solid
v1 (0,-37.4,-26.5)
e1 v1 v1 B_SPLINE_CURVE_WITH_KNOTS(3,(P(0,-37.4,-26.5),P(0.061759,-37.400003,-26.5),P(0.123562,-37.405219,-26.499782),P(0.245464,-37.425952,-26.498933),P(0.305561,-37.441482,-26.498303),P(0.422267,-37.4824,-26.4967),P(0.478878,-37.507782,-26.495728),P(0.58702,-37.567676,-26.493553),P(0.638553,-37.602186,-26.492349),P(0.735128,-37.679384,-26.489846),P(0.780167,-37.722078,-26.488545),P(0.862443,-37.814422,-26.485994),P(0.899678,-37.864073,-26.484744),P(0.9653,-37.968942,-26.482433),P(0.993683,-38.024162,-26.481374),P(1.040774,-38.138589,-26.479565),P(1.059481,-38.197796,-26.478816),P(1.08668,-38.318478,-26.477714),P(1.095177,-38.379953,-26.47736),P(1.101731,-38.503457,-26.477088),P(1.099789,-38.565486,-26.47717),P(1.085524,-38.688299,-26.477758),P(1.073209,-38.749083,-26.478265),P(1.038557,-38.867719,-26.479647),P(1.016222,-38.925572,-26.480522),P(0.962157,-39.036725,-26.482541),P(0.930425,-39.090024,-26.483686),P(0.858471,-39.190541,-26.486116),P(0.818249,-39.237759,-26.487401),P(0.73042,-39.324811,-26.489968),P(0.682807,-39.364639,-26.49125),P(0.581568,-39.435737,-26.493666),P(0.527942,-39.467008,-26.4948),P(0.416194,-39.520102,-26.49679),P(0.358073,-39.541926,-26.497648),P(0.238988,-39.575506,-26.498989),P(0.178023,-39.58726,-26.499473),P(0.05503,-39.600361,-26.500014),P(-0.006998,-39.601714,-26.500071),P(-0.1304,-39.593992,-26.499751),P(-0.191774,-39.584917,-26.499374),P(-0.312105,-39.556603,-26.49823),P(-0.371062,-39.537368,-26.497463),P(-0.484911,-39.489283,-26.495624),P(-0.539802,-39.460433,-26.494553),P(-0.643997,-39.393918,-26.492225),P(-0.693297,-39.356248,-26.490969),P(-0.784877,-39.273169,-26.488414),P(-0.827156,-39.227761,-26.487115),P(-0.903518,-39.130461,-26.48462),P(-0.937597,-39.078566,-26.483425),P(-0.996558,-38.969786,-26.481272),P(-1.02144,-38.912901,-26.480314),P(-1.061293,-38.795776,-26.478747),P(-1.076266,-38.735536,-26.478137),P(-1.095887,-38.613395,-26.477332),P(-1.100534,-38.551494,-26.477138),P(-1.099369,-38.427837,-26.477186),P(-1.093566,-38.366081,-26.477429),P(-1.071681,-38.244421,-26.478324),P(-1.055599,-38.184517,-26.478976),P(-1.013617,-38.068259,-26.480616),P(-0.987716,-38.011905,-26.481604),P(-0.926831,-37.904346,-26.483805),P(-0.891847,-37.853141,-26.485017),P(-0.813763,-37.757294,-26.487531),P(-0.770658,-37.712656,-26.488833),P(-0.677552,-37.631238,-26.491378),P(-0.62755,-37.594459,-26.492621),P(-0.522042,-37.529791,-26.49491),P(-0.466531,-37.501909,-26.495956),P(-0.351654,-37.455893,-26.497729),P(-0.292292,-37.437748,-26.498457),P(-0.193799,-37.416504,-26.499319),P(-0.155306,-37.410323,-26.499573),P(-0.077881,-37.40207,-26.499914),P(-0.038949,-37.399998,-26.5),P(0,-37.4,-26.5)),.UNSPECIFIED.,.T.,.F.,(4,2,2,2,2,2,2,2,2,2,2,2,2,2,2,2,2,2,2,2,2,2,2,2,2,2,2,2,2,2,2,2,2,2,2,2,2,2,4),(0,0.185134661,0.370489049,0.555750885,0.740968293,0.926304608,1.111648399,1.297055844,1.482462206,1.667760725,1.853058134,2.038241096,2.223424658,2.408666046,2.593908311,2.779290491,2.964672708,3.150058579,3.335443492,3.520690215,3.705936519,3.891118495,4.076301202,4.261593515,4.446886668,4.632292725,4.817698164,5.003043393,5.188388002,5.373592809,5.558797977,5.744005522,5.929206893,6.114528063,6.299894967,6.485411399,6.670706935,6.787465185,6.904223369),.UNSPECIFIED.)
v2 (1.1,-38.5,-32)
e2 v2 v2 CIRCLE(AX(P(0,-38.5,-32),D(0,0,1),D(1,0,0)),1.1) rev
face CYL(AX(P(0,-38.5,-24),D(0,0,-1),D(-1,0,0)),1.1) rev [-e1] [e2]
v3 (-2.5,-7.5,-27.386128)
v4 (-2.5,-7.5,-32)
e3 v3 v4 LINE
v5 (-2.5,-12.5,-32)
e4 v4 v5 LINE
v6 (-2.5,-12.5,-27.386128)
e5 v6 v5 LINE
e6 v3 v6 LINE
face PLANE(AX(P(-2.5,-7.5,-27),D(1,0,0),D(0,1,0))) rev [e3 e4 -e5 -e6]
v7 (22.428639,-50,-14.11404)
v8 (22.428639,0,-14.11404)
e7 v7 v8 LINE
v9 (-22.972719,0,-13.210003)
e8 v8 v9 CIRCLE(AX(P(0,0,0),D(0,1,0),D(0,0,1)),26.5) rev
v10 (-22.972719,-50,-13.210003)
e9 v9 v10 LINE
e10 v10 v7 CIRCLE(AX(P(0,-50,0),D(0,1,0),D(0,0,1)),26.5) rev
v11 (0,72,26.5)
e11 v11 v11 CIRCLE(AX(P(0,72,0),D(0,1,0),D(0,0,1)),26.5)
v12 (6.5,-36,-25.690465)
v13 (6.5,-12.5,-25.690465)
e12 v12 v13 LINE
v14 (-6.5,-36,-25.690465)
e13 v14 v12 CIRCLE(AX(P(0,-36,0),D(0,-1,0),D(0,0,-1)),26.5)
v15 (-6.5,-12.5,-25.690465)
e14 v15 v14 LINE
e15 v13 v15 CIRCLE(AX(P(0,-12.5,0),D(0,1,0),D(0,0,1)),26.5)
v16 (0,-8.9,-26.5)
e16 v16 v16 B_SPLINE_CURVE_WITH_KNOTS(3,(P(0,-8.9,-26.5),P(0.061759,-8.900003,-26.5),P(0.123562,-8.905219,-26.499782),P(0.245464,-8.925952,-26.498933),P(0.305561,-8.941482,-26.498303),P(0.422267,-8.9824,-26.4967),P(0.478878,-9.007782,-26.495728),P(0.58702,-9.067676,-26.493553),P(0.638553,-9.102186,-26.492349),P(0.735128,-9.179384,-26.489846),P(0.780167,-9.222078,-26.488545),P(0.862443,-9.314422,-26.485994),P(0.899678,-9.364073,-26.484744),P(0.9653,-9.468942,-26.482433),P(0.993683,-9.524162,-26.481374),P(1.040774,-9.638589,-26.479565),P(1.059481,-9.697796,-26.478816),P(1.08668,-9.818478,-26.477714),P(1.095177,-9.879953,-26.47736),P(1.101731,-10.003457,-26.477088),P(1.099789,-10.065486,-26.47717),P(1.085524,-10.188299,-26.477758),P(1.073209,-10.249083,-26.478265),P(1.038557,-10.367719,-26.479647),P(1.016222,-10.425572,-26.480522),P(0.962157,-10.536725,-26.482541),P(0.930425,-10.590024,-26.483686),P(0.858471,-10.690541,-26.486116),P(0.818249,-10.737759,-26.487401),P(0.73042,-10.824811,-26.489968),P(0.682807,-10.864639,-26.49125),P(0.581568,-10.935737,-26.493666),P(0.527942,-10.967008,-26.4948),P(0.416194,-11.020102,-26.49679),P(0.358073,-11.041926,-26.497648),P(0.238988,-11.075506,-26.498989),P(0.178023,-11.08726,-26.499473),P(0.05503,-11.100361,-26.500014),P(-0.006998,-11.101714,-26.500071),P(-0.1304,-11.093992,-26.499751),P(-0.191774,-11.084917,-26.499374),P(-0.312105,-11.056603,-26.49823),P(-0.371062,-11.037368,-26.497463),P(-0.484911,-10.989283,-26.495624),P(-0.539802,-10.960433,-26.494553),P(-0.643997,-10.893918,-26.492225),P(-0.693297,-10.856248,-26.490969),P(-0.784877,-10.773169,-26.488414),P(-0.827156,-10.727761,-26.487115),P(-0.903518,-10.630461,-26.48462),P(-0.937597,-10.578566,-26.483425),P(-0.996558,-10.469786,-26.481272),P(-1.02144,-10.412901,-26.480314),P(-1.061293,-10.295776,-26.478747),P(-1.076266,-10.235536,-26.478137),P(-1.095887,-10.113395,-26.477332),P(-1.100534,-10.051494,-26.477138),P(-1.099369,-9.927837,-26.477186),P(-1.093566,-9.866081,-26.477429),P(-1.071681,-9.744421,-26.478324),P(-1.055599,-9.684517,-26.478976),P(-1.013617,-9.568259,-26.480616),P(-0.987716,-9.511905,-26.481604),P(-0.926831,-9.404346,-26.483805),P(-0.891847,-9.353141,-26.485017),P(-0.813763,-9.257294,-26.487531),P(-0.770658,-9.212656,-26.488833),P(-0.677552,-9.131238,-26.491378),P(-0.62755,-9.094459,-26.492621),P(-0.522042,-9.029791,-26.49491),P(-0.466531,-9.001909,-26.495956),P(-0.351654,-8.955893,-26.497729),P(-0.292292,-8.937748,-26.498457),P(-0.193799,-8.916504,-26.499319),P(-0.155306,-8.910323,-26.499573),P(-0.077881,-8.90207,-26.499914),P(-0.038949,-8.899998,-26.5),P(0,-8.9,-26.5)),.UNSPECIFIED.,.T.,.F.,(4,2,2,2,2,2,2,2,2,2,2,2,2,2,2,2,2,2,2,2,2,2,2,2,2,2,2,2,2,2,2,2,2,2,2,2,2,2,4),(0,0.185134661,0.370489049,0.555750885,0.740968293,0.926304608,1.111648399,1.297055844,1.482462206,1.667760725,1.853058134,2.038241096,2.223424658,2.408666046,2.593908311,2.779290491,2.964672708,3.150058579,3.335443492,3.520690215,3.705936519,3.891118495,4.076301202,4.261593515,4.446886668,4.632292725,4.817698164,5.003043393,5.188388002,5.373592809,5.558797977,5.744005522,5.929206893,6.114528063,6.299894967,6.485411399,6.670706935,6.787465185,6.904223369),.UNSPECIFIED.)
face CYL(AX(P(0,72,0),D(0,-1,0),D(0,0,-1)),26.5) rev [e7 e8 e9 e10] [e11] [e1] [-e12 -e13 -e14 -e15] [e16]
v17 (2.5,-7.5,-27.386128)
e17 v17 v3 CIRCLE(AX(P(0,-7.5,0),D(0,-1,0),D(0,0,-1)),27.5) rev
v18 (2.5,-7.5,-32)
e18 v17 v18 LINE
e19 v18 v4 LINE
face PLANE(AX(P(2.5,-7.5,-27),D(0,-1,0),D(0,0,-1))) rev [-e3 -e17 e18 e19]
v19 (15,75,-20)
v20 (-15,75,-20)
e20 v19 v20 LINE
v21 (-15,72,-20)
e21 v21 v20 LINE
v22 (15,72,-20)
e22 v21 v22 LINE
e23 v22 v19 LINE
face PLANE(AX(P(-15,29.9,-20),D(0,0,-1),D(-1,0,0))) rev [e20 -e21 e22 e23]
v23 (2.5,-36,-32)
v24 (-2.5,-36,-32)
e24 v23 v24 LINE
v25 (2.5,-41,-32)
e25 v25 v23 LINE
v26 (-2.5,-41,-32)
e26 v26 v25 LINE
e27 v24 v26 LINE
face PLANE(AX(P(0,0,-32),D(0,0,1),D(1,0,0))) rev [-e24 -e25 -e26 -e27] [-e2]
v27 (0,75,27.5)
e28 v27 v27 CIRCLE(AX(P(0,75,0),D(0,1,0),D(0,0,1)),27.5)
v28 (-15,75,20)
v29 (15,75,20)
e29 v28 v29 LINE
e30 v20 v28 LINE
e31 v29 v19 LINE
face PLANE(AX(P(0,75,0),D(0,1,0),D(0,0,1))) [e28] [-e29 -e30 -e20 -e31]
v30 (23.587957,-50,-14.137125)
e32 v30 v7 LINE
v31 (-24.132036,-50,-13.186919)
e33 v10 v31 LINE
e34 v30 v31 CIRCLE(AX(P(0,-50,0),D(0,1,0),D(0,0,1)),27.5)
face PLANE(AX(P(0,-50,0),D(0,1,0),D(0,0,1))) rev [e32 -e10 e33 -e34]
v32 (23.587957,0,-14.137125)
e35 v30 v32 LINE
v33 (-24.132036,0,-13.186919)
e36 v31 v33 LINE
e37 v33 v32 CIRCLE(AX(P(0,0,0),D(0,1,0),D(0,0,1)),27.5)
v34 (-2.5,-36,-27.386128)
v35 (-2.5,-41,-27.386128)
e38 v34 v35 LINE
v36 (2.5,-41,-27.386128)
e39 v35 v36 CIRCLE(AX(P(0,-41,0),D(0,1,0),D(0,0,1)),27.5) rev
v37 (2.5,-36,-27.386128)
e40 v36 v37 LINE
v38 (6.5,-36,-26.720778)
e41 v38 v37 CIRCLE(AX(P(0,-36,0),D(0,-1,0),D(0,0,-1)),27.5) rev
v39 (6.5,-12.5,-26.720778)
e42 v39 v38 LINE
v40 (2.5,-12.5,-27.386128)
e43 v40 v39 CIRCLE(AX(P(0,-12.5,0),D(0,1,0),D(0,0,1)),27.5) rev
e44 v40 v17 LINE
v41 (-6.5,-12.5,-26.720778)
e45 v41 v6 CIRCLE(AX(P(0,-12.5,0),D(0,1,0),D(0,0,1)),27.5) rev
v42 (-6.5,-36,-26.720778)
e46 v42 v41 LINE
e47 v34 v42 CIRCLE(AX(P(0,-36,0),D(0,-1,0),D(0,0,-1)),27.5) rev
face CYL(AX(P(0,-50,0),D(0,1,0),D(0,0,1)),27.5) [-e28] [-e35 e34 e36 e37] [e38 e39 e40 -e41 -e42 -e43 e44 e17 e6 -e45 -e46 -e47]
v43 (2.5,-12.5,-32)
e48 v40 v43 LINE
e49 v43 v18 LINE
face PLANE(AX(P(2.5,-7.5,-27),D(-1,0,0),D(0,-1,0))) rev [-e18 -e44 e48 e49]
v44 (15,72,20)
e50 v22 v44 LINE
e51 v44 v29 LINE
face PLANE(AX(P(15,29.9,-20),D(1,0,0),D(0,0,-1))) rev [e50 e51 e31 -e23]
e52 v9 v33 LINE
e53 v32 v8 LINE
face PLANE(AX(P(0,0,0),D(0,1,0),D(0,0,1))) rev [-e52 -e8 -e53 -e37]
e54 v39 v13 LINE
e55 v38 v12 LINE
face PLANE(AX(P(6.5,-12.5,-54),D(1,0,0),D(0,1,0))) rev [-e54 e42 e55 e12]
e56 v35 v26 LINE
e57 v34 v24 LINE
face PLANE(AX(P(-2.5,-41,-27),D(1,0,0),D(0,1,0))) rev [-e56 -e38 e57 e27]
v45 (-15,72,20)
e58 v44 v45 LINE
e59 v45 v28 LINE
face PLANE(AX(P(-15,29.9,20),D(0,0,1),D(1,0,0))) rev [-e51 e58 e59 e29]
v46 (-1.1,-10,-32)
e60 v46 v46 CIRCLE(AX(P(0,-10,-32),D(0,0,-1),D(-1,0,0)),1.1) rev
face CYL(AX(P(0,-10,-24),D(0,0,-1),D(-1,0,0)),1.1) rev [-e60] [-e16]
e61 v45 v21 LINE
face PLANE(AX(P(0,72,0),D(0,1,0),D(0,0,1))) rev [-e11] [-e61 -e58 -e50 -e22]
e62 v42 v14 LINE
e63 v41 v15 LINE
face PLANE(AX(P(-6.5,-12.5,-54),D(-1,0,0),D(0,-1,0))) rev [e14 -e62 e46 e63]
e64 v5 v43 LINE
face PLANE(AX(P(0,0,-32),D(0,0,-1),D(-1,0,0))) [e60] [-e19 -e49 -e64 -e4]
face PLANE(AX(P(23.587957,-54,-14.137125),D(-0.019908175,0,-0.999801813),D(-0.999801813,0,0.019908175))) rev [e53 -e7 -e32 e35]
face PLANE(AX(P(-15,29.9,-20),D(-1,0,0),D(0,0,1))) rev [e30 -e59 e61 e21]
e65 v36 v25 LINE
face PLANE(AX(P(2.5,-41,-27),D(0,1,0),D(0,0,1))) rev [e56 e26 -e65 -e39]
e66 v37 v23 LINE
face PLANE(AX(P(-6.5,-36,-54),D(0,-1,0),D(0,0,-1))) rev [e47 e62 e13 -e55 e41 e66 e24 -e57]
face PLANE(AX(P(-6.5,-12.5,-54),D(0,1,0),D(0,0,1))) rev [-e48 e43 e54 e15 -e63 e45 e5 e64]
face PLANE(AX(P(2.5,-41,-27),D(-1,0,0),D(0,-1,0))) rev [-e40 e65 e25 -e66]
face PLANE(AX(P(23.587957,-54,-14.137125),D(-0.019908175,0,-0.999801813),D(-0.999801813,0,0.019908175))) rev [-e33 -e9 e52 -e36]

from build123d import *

# Parameters (mm, degrees)
EXTRUDE_1_DEPTH           = 75
EXTRUDE_1_DEPTH_BACK      = 50
SKETCH_1_R                = 27.5
SKETCH_10_W               = 30
SKETCH_10_H               = 40
CUT_EXTRUDE_8_DEPTH       = 45.1
CUT_EXTRUDE_9_DEPTH       = 10
CUT_EXTRUDE_9_DEPTH_BACK  = 113
SKETCH_10_2_W             = 30
SKETCH_10_2_H             = 40
CUT_EXTRUDE_10_DEPTH      = 54
CUT_EXTRUDE_11_DEPTH      = 72
CUT_EXTRUDE_11_DEPTH_BACK = 55
SKETCH_12_R               = 26.5
SKETCH_13_W               = 13
SKETCH_13_H               = 23.5
CUT_EXTRUDE_12_DEPTH      = 54
EXTRUDE_2_DEPTH           = 1
EXTRUDE_2_DEPTH_BACK      = 4
SKETCH_14_W               = 5
SKETCH_14_H               = 5
CUT_EXTRUDE_13_DEPTH      = 4
CUT_EXTRUDE_13_DEPTH_BACK = 5
SKETCH_15_R               = 1.1


with BuildPart() as part:
    # 草圖1 → 填料-伸長1 (new, two sides: drawn at the far end of the back side and taken through both)
    with BuildSketch(Plane(origin=(0, 0, 0), x_dir=(1, 0, 0), z_dir=(0, 1, 0)).offset(-EXTRUDE_1_DEPTH_BACK)):
        Circle(SKETCH_1_R)
    extrude(amount=EXTRUDE_1_DEPTH + EXTRUDE_1_DEPTH_BACK)

    # 草圖10 → 除料-伸長8 (cut)
    with BuildSketch(Plane(origin=(0, 75, 0), x_dir=(1, 0, 0), z_dir=(0, 1, 0))):
        Rectangle(SKETCH_10_W, SKETCH_10_H)
    extrude(amount=-CUT_EXTRUDE_8_DEPTH, mode=Mode.SUBTRACT)

    # 草圖10<2> → 除料-伸長9 (cut, two sides: drawn at the far end of the back side and taken through both)
    with BuildSketch(Plane(origin=(0, 75, 0), x_dir=(1, 0, 0), z_dir=(0, 1, 0)).offset(-CUT_EXTRUDE_9_DEPTH_BACK)):
        Rectangle(SKETCH_10_2_W, SKETCH_10_2_H)
    extrude(amount=CUT_EXTRUDE_9_DEPTH + CUT_EXTRUDE_9_DEPTH_BACK, mode=Mode.SUBTRACT)

    # 草圖11 → 除料-伸長10 (cut)
    with BuildSketch(Plane(origin=(0, 0, 0), x_dir=(1, 0, 0), z_dir=(0, 1, 0))):
        with BuildLine():
            Line((23.587956714, 14.137124816), (-24.13203639, 13.186918505))
            ThreePointArc((-24.13203639, 13.186918505), (0.547474823, -27.494549848), (23.587956714, 14.137124816))
        make_face()
    extrude(amount=-CUT_EXTRUDE_10_DEPTH, mode=Mode.SUBTRACT)

    # 草圖12 → 除料-伸長11 (cut, two sides: drawn at the far end of the back side and taken through both)
    with BuildSketch(Plane(origin=(0, 0, 0), x_dir=(1, 0, 0), z_dir=(0, 1, 0)).offset(-CUT_EXTRUDE_11_DEPTH_BACK)):
        Circle(SKETCH_12_R)
    extrude(amount=CUT_EXTRUDE_11_DEPTH + CUT_EXTRUDE_11_DEPTH_BACK, mode=Mode.SUBTRACT)

    # 草圖13 → 除料-伸長12 (cut)
    with BuildSketch(Plane.XY):
        with Locations((0, -24.25)):
            Rectangle(SKETCH_13_W, SKETCH_13_H)
    extrude(amount=-CUT_EXTRUDE_12_DEPTH, mode=Mode.SUBTRACT)

    # 草圖14 → 填料-伸長2 (add, two sides: drawn at the far end of the back side and taken through both)
    with BuildSketch(Plane.XY.offset(-28).offset(-EXTRUDE_2_DEPTH_BACK)):
        with Locations((0, -38.5)):
            Rectangle(SKETCH_14_W, SKETCH_14_H)
        with Locations((0, -10)):
            Rectangle(SKETCH_14_W, SKETCH_14_H)
    extrude(amount=EXTRUDE_2_DEPTH + EXTRUDE_2_DEPTH_BACK)

    # 草圖15 → 除料-伸長13 (cut, two sides: drawn at the far end of the back side and taken through both)
    with BuildSketch(Plane.XY.offset(-28).offset(-CUT_EXTRUDE_13_DEPTH_BACK)):
        with Locations((0, -10)):
            Circle(SKETCH_15_R)
        with Locations((0, -38.5)):
            Circle(SKETCH_15_R)
    extrude(amount=CUT_EXTRUDE_13_DEPTH + CUT_EXTRUDE_13_DEPTH_BACK, mode=Mode.SUBTRACT)


solid = part.part
